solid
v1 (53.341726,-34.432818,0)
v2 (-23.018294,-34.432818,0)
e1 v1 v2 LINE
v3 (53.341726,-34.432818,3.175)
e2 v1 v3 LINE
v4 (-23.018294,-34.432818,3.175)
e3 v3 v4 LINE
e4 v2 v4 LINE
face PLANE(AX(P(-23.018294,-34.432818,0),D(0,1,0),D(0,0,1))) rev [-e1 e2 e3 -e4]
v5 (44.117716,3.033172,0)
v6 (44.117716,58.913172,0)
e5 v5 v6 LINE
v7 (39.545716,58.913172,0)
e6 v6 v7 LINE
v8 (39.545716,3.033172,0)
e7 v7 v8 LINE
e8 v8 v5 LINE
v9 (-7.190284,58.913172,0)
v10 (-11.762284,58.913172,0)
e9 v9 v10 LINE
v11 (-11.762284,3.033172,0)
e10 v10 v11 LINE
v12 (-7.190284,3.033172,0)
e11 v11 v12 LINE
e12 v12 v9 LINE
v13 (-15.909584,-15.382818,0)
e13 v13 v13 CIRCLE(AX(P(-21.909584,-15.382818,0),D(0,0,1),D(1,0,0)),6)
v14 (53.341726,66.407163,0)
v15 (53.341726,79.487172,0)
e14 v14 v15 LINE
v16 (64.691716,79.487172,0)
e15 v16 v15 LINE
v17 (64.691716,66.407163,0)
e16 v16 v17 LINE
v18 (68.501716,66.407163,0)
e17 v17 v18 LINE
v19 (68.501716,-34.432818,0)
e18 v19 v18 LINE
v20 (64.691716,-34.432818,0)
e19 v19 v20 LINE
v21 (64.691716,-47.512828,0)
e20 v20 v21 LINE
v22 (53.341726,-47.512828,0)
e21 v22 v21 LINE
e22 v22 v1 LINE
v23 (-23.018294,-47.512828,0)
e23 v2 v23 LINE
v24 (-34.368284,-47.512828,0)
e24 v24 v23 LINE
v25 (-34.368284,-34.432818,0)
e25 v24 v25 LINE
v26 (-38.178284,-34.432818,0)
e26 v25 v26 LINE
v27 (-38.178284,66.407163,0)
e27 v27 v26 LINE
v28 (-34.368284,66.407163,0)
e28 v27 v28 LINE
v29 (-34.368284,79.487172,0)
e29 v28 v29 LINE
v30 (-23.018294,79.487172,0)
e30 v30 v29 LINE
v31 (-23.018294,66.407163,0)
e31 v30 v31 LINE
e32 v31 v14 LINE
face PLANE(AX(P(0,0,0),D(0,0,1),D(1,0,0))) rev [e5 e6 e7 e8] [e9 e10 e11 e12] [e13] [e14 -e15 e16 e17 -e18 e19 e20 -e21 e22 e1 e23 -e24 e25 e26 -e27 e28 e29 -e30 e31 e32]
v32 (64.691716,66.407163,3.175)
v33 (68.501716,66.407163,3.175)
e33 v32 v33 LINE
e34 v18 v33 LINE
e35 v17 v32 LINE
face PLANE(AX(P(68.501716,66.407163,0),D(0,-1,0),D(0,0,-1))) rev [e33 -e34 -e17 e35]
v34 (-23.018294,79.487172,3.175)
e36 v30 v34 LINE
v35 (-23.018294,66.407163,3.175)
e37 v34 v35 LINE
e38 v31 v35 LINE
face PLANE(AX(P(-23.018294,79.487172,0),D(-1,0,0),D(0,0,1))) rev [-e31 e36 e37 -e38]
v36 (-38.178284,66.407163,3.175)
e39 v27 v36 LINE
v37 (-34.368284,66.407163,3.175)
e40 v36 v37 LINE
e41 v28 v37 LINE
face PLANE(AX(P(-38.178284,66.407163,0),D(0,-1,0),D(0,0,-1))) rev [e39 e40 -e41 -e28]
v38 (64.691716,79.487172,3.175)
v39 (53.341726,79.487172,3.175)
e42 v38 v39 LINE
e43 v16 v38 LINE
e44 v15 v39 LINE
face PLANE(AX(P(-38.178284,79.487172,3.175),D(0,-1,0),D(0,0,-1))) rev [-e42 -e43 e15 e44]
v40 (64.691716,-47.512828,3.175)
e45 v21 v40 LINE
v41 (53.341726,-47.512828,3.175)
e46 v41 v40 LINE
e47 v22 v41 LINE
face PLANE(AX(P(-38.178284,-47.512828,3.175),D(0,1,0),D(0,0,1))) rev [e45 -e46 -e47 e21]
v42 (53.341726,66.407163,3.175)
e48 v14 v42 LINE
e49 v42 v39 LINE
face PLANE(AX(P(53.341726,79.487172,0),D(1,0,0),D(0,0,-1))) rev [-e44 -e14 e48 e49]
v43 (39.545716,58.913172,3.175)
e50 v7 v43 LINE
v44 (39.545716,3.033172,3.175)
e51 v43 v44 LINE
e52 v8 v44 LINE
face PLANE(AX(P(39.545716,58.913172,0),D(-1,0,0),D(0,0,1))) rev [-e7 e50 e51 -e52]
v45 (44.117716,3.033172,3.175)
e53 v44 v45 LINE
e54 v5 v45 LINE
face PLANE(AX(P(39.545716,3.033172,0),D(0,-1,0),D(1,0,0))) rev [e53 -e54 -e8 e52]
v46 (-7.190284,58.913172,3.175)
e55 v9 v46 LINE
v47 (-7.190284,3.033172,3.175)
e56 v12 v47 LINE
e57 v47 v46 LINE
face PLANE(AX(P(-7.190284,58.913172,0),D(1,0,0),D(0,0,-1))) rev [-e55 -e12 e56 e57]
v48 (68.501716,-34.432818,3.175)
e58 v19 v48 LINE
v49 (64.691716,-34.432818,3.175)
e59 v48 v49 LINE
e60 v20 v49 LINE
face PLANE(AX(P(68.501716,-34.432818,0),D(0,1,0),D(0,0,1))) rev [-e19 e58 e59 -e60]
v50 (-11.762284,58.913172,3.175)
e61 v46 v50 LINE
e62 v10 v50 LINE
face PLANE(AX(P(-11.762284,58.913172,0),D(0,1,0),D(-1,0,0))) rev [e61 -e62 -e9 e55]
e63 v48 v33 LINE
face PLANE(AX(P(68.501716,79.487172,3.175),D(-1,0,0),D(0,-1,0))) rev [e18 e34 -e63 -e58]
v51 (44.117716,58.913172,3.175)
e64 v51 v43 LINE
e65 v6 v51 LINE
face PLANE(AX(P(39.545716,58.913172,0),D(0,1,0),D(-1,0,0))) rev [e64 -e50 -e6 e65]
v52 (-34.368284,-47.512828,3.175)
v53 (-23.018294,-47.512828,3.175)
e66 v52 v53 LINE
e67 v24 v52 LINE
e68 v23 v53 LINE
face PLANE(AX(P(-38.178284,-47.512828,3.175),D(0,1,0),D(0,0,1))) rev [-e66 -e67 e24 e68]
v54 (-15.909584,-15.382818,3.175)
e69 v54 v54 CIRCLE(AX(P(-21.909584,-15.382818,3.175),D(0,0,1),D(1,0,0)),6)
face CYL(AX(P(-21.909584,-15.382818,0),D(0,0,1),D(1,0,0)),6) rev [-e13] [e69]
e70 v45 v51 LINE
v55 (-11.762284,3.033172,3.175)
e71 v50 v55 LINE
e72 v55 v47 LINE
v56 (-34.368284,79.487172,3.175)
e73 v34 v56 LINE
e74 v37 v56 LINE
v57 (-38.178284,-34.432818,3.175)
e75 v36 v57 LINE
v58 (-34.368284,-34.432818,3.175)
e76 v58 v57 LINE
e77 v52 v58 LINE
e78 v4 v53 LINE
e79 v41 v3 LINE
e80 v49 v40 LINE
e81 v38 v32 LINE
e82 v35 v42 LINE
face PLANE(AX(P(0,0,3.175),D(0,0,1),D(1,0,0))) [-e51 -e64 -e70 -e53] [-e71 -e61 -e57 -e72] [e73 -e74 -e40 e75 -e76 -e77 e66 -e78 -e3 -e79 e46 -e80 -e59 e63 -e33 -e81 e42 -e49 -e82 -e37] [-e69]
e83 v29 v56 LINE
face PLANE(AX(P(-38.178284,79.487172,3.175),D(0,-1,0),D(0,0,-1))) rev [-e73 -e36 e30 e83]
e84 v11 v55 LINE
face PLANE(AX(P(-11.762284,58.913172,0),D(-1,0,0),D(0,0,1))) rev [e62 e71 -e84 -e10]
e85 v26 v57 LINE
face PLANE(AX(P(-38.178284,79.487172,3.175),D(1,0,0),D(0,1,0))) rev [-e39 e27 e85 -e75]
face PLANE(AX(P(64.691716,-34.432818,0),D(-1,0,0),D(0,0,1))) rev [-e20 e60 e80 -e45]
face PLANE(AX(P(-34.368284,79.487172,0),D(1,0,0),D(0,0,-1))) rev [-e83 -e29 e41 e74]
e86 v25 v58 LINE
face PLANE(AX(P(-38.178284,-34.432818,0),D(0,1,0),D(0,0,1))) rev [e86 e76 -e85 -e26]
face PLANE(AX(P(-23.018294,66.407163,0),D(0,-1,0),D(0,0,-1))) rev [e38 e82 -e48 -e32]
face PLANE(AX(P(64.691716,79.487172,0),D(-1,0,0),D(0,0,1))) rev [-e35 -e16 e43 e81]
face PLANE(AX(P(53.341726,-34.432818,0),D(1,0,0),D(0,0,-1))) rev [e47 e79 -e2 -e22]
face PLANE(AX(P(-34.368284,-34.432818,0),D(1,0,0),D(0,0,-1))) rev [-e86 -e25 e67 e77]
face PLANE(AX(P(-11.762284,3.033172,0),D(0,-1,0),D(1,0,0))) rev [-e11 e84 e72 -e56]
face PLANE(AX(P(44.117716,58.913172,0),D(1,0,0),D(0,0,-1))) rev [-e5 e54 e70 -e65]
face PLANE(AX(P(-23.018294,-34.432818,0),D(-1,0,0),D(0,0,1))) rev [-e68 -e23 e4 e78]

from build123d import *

# Parameters (mm, degrees)
SKETCH1_W           = 106.68
SKETCH1_H           = 127
BOSS_EXTRUDE1_DEPTH = 3.175
SKETCH2_W           = 4.572
SKETCH2_H           = 55.88
CUT_EXTRUDE1_DEPTH  = 3.175
SKETCH3_W           = 3.81
SKETCH3_H           = 13.0800094
SKETCH3_W_2         = 76.36002
CUT_EXTRUDE2_DEPTH  = 3.175
SKETCH4_R           = 5.999999938
CUT_EXTRUDE3_DEPTH  = 3.175


with BuildPart() as part:
    # Sketch1 → Boss-Extrude1 (new body)
    with BuildSketch(Plane.XY):
        with Locations((15.161716065, 15.987172316)):
            Rectangle(SKETCH1_W, SKETCH1_H)
    extrude(amount=BOSS_EXTRUDE1_DEPTH)

    # Sketch2 → Cut-Extrude1 (cut)
    with BuildSketch(Plane.XY.offset(3.175)):
        with Locations((-9.476283935, 30.973172316)):
            Rectangle(SKETCH2_W, SKETCH2_H)
        with Locations((41.831716065, 30.973172316)):
            Rectangle(SKETCH2_W, SKETCH2_H)
    extrude(amount=-CUT_EXTRUDE1_DEPTH, mode=Mode.SUBTRACT)

    # Sketch3 → Cut-Extrude2 (cut)
    with BuildSketch(Plane.XY.offset(3.175)):
        with Locations((-36.273283935, 72.947167616)):
            Rectangle(SKETCH3_W, SKETCH3_H)
        with Locations((15.161716065, 72.947167616)):
            Rectangle(SKETCH3_W_2, SKETCH3_H)
        with Locations((-36.273283935, -40.972822984)):
            Rectangle(SKETCH3_W, SKETCH3_H)
        with Locations((66.596716065, 72.947167616)):
            Rectangle(SKETCH3_W, SKETCH3_H)
        with Locations((15.161716065, -40.972822984)):
            Rectangle(SKETCH3_W_2, SKETCH3_H)
        with Locations((66.596716065, -40.972822984)):
            Rectangle(SKETCH3_W, SKETCH3_H)
    extrude(amount=-CUT_EXTRUDE2_DEPTH, mode=Mode.SUBTRACT)

    # Sketch4 → Cut-Extrude3 (cut)
    with BuildSketch(Plane.XY.offset(3.175)):
        with Locations((-21.909583935, -15.382818284)):
            Circle(SKETCH4_R)
    extrude(amount=-CUT_EXTRUDE3_DEPTH, mode=Mode.SUBTRACT)


solid = part.part
